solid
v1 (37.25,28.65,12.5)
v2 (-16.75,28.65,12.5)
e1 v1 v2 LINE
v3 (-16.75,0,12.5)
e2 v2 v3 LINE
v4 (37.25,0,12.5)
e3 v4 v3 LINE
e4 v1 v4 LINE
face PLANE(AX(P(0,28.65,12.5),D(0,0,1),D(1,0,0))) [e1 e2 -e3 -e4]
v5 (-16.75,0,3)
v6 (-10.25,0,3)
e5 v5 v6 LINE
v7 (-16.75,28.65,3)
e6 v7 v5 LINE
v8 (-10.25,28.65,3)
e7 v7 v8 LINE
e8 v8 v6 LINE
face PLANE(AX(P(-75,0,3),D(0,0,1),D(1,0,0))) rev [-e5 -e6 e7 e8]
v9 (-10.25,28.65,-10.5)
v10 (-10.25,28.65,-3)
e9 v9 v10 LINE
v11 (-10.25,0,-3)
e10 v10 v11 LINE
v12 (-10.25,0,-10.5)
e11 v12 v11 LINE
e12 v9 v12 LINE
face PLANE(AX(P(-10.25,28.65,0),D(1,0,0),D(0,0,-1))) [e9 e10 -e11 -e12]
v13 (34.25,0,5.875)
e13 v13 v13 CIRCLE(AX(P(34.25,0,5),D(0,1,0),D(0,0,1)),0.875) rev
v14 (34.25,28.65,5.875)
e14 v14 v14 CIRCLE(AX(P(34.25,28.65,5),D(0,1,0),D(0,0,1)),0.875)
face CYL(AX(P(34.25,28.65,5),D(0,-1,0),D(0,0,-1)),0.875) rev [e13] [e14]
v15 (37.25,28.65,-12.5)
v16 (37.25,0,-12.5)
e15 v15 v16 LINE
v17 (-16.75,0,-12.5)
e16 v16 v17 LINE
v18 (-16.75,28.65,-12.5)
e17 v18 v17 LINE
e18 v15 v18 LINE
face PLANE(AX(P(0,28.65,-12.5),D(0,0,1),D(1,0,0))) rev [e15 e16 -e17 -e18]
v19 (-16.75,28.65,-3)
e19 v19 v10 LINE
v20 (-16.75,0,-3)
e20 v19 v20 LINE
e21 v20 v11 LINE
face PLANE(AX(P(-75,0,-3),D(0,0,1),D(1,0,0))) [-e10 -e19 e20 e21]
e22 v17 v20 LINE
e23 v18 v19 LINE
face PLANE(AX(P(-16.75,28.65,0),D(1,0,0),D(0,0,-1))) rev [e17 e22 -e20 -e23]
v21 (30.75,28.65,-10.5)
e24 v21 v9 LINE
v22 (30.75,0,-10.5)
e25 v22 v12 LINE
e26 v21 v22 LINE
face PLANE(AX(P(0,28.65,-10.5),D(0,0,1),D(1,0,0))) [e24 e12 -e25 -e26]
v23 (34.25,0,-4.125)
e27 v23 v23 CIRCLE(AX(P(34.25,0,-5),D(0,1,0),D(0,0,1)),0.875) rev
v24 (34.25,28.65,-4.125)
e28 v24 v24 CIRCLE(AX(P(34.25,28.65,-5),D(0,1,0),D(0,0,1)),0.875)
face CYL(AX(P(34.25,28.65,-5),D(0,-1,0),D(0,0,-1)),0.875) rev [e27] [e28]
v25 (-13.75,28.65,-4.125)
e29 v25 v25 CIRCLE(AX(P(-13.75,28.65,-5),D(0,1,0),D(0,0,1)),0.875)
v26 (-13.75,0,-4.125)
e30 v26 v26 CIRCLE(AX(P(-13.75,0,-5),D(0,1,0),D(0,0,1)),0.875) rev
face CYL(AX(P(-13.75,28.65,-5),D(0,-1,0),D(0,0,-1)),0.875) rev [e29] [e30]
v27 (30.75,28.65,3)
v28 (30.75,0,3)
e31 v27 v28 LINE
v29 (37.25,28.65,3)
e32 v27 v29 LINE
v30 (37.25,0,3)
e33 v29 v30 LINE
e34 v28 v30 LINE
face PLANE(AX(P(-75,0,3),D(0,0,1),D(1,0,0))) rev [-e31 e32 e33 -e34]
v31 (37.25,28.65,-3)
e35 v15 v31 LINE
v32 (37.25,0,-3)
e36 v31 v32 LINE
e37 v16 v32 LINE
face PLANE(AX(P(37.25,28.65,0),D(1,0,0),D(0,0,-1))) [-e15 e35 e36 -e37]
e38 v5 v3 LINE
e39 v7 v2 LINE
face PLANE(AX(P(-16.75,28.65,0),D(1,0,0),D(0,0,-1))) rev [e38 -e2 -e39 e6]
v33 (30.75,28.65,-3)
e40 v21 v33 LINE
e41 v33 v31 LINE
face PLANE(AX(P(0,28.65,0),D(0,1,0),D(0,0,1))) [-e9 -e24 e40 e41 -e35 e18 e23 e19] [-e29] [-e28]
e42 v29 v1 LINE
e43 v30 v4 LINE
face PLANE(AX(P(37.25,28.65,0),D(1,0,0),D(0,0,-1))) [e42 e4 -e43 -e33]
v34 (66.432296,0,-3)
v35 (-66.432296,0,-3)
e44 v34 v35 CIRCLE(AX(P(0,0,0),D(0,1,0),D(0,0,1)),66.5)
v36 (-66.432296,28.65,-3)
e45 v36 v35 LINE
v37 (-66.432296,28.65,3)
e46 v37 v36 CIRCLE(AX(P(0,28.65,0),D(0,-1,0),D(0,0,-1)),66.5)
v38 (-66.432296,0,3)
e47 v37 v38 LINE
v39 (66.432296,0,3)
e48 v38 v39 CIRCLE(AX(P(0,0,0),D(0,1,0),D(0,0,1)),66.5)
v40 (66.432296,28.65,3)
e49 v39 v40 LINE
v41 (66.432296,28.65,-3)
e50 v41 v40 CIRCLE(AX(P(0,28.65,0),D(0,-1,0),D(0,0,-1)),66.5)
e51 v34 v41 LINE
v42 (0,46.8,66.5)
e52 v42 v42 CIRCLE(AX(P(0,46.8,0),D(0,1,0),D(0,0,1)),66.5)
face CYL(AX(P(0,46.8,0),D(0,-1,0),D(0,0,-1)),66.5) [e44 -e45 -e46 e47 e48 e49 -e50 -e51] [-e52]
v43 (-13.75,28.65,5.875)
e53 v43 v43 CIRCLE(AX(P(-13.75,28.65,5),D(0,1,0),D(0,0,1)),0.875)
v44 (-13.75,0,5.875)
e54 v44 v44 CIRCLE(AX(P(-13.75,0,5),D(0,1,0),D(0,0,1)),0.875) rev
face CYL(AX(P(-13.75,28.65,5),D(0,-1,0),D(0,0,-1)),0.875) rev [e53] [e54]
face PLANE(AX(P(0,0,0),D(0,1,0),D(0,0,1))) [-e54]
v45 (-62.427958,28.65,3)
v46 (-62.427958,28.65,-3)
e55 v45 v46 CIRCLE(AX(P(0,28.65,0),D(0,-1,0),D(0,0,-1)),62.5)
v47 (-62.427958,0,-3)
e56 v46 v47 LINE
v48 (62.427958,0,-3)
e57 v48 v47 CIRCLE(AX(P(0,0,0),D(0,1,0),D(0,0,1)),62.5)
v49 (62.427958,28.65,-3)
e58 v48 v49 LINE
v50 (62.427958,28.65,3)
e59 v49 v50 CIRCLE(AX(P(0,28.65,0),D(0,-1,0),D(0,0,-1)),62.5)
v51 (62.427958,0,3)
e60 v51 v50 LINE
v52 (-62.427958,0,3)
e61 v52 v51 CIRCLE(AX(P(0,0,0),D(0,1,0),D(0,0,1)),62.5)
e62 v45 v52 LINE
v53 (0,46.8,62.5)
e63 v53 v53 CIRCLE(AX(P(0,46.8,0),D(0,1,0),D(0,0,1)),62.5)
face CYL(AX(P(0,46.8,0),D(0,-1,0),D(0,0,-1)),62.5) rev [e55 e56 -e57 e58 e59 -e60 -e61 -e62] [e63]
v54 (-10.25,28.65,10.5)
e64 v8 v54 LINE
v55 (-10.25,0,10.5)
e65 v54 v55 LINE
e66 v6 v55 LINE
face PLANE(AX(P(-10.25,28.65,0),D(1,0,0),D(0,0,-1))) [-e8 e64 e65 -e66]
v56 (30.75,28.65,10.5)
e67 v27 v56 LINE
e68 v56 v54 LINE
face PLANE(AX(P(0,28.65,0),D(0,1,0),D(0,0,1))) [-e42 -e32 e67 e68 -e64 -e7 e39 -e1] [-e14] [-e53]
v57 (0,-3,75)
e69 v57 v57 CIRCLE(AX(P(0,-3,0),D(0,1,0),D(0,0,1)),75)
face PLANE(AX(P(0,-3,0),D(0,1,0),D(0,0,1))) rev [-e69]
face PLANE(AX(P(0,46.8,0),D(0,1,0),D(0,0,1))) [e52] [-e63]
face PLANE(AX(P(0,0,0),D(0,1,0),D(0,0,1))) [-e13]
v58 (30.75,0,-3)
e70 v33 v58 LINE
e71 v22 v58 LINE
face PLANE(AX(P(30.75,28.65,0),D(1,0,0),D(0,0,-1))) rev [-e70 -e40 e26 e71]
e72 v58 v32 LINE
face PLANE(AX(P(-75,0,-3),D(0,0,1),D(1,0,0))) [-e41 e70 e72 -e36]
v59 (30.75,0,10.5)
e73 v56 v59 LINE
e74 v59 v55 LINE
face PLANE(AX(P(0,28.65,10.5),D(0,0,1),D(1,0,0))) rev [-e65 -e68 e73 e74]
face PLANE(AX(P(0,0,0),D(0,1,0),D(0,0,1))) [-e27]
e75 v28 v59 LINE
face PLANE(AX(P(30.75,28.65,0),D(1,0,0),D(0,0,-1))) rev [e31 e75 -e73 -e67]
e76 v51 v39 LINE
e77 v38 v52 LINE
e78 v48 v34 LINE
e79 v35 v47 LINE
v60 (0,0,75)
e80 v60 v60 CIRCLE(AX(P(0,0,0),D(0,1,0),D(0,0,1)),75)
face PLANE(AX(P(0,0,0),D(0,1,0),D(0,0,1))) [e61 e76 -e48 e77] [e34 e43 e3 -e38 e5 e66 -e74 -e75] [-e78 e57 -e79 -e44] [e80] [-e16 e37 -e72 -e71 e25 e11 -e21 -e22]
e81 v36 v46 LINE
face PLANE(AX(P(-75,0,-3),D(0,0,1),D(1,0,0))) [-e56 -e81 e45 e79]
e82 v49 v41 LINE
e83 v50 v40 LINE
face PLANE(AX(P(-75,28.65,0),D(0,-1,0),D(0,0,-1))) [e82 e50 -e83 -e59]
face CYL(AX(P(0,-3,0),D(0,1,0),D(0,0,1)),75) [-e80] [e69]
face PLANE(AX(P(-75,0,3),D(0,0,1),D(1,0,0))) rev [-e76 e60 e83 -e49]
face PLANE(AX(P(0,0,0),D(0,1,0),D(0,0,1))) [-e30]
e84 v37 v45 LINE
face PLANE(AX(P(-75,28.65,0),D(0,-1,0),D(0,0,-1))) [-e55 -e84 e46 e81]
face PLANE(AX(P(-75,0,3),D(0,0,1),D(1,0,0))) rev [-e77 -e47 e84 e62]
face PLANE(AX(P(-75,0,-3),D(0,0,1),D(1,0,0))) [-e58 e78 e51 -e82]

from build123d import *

# Parameters (mm, degrees)
SKETCH1_R               = 66.5
SKETCH1_R_2             = 62.5
BOSS_EXTRUDE1_DEPTH     = 46.8
SKETCH1_3_R             = 75
SKETCH1_3_R_2           = 66.5
BOSS_EXTRUDE2_DEPTH     = 3
BOSS_EXTRUDE3_START     = -3
SKETCH1_5_R             = 66.5
BOSS_EXTRUDE3_DEPTH     = 3
SKETCH2_W               = 54
SKETCH2_H               = 25
SKETCH2_R               = 0.875
SKETCH2_W_2             = 41
SKETCH2_H_2             = 21
BOSS_EXTRUDE4_DEPTH     = 28.65
CUT_EXTRUDE1_DEPTH      = 128.409978024
CUT_EXTRUDE1_DEPTH_BACK = 128.409978024
SKETCH3_W               = 6
SKETCH3_H               = 28.65


with BuildPart() as part:
    # Sketch1 → Boss-Extrude1 (new body)
    with BuildSketch(Plane(origin=(0, 0, 0), x_dir=(1, 0, 0), z_dir=(0, 1, 0))):
        Circle(SKETCH1_R)
        Circle(SKETCH1_R_2, mode=Mode.SUBTRACT)
    extrude(amount=BOSS_EXTRUDE1_DEPTH)



with BuildPart() as body_2:
    # Sketch1<3> → Boss-Extrude2 (new body)
    with BuildSketch(Plane(origin=(0, 0, 0), x_dir=(1, 0, 0), z_dir=(0, 1, 0))):
        Circle(SKETCH1_3_R)
        Circle(SKETCH1_3_R_2, mode=Mode.SUBTRACT)
    extrude(amount=-BOSS_EXTRUDE2_DEPTH)


with BuildPart() as part_1:
    add(part.part)

    add(body_2.part)  # Boss-Extrude3 merges body 2
    # Sketch1<5> → Boss-Extrude3 (add)
    with BuildSketch(Plane(origin=(0, 0, 0), x_dir=(1, 0, 0), z_dir=(0, 1, 0)).offset(BOSS_EXTRUDE3_START)):
        Circle(SKETCH1_5_R)
    extrude(amount=BOSS_EXTRUDE3_DEPTH)

    # Sketch2 → Boss-Extrude4 (add)
    with BuildSketch(Plane(origin=(0, 0, 0), x_dir=(1, 0, 0), z_dir=(0, 1, 0))):
        with Locations((10.25, 0)):
            Rectangle(SKETCH2_W, SKETCH2_H)
        with Locations((34.25, 5)):
            Circle(SKETCH2_R, mode=Mode.SUBTRACT)
        with Locations((34.25, -5)):
            Circle(SKETCH2_R, mode=Mode.SUBTRACT)
        with Locations((10.25, 0)):
            Rectangle(SKETCH2_W_2, SKETCH2_H_2, mode=Mode.SUBTRACT)
        with Locations((-13.75, 5)):
            Circle(SKETCH2_R, mode=Mode.SUBTRACT)
        with Locations((-13.75, -5)):
            Circle(SKETCH2_R, mode=Mode.SUBTRACT)
    extrude(amount=BOSS_EXTRUDE4_DEPTH)

    # Sketch3 → Cut-Extrude1 (cut, two sides: drawn at the far end of the back side and taken through both)
    with BuildSketch(Plane.ZY.offset(16.75).offset(-CUT_EXTRUDE1_DEPTH_BACK)):
        with Locations((0, 14.325)):
            Rectangle(SKETCH3_W, SKETCH3_H)
    extrude(amount=CUT_EXTRUDE1_DEPTH + CUT_EXTRUDE1_DEPTH_BACK, mode=Mode.SUBTRACT)


solid = part_1.part
